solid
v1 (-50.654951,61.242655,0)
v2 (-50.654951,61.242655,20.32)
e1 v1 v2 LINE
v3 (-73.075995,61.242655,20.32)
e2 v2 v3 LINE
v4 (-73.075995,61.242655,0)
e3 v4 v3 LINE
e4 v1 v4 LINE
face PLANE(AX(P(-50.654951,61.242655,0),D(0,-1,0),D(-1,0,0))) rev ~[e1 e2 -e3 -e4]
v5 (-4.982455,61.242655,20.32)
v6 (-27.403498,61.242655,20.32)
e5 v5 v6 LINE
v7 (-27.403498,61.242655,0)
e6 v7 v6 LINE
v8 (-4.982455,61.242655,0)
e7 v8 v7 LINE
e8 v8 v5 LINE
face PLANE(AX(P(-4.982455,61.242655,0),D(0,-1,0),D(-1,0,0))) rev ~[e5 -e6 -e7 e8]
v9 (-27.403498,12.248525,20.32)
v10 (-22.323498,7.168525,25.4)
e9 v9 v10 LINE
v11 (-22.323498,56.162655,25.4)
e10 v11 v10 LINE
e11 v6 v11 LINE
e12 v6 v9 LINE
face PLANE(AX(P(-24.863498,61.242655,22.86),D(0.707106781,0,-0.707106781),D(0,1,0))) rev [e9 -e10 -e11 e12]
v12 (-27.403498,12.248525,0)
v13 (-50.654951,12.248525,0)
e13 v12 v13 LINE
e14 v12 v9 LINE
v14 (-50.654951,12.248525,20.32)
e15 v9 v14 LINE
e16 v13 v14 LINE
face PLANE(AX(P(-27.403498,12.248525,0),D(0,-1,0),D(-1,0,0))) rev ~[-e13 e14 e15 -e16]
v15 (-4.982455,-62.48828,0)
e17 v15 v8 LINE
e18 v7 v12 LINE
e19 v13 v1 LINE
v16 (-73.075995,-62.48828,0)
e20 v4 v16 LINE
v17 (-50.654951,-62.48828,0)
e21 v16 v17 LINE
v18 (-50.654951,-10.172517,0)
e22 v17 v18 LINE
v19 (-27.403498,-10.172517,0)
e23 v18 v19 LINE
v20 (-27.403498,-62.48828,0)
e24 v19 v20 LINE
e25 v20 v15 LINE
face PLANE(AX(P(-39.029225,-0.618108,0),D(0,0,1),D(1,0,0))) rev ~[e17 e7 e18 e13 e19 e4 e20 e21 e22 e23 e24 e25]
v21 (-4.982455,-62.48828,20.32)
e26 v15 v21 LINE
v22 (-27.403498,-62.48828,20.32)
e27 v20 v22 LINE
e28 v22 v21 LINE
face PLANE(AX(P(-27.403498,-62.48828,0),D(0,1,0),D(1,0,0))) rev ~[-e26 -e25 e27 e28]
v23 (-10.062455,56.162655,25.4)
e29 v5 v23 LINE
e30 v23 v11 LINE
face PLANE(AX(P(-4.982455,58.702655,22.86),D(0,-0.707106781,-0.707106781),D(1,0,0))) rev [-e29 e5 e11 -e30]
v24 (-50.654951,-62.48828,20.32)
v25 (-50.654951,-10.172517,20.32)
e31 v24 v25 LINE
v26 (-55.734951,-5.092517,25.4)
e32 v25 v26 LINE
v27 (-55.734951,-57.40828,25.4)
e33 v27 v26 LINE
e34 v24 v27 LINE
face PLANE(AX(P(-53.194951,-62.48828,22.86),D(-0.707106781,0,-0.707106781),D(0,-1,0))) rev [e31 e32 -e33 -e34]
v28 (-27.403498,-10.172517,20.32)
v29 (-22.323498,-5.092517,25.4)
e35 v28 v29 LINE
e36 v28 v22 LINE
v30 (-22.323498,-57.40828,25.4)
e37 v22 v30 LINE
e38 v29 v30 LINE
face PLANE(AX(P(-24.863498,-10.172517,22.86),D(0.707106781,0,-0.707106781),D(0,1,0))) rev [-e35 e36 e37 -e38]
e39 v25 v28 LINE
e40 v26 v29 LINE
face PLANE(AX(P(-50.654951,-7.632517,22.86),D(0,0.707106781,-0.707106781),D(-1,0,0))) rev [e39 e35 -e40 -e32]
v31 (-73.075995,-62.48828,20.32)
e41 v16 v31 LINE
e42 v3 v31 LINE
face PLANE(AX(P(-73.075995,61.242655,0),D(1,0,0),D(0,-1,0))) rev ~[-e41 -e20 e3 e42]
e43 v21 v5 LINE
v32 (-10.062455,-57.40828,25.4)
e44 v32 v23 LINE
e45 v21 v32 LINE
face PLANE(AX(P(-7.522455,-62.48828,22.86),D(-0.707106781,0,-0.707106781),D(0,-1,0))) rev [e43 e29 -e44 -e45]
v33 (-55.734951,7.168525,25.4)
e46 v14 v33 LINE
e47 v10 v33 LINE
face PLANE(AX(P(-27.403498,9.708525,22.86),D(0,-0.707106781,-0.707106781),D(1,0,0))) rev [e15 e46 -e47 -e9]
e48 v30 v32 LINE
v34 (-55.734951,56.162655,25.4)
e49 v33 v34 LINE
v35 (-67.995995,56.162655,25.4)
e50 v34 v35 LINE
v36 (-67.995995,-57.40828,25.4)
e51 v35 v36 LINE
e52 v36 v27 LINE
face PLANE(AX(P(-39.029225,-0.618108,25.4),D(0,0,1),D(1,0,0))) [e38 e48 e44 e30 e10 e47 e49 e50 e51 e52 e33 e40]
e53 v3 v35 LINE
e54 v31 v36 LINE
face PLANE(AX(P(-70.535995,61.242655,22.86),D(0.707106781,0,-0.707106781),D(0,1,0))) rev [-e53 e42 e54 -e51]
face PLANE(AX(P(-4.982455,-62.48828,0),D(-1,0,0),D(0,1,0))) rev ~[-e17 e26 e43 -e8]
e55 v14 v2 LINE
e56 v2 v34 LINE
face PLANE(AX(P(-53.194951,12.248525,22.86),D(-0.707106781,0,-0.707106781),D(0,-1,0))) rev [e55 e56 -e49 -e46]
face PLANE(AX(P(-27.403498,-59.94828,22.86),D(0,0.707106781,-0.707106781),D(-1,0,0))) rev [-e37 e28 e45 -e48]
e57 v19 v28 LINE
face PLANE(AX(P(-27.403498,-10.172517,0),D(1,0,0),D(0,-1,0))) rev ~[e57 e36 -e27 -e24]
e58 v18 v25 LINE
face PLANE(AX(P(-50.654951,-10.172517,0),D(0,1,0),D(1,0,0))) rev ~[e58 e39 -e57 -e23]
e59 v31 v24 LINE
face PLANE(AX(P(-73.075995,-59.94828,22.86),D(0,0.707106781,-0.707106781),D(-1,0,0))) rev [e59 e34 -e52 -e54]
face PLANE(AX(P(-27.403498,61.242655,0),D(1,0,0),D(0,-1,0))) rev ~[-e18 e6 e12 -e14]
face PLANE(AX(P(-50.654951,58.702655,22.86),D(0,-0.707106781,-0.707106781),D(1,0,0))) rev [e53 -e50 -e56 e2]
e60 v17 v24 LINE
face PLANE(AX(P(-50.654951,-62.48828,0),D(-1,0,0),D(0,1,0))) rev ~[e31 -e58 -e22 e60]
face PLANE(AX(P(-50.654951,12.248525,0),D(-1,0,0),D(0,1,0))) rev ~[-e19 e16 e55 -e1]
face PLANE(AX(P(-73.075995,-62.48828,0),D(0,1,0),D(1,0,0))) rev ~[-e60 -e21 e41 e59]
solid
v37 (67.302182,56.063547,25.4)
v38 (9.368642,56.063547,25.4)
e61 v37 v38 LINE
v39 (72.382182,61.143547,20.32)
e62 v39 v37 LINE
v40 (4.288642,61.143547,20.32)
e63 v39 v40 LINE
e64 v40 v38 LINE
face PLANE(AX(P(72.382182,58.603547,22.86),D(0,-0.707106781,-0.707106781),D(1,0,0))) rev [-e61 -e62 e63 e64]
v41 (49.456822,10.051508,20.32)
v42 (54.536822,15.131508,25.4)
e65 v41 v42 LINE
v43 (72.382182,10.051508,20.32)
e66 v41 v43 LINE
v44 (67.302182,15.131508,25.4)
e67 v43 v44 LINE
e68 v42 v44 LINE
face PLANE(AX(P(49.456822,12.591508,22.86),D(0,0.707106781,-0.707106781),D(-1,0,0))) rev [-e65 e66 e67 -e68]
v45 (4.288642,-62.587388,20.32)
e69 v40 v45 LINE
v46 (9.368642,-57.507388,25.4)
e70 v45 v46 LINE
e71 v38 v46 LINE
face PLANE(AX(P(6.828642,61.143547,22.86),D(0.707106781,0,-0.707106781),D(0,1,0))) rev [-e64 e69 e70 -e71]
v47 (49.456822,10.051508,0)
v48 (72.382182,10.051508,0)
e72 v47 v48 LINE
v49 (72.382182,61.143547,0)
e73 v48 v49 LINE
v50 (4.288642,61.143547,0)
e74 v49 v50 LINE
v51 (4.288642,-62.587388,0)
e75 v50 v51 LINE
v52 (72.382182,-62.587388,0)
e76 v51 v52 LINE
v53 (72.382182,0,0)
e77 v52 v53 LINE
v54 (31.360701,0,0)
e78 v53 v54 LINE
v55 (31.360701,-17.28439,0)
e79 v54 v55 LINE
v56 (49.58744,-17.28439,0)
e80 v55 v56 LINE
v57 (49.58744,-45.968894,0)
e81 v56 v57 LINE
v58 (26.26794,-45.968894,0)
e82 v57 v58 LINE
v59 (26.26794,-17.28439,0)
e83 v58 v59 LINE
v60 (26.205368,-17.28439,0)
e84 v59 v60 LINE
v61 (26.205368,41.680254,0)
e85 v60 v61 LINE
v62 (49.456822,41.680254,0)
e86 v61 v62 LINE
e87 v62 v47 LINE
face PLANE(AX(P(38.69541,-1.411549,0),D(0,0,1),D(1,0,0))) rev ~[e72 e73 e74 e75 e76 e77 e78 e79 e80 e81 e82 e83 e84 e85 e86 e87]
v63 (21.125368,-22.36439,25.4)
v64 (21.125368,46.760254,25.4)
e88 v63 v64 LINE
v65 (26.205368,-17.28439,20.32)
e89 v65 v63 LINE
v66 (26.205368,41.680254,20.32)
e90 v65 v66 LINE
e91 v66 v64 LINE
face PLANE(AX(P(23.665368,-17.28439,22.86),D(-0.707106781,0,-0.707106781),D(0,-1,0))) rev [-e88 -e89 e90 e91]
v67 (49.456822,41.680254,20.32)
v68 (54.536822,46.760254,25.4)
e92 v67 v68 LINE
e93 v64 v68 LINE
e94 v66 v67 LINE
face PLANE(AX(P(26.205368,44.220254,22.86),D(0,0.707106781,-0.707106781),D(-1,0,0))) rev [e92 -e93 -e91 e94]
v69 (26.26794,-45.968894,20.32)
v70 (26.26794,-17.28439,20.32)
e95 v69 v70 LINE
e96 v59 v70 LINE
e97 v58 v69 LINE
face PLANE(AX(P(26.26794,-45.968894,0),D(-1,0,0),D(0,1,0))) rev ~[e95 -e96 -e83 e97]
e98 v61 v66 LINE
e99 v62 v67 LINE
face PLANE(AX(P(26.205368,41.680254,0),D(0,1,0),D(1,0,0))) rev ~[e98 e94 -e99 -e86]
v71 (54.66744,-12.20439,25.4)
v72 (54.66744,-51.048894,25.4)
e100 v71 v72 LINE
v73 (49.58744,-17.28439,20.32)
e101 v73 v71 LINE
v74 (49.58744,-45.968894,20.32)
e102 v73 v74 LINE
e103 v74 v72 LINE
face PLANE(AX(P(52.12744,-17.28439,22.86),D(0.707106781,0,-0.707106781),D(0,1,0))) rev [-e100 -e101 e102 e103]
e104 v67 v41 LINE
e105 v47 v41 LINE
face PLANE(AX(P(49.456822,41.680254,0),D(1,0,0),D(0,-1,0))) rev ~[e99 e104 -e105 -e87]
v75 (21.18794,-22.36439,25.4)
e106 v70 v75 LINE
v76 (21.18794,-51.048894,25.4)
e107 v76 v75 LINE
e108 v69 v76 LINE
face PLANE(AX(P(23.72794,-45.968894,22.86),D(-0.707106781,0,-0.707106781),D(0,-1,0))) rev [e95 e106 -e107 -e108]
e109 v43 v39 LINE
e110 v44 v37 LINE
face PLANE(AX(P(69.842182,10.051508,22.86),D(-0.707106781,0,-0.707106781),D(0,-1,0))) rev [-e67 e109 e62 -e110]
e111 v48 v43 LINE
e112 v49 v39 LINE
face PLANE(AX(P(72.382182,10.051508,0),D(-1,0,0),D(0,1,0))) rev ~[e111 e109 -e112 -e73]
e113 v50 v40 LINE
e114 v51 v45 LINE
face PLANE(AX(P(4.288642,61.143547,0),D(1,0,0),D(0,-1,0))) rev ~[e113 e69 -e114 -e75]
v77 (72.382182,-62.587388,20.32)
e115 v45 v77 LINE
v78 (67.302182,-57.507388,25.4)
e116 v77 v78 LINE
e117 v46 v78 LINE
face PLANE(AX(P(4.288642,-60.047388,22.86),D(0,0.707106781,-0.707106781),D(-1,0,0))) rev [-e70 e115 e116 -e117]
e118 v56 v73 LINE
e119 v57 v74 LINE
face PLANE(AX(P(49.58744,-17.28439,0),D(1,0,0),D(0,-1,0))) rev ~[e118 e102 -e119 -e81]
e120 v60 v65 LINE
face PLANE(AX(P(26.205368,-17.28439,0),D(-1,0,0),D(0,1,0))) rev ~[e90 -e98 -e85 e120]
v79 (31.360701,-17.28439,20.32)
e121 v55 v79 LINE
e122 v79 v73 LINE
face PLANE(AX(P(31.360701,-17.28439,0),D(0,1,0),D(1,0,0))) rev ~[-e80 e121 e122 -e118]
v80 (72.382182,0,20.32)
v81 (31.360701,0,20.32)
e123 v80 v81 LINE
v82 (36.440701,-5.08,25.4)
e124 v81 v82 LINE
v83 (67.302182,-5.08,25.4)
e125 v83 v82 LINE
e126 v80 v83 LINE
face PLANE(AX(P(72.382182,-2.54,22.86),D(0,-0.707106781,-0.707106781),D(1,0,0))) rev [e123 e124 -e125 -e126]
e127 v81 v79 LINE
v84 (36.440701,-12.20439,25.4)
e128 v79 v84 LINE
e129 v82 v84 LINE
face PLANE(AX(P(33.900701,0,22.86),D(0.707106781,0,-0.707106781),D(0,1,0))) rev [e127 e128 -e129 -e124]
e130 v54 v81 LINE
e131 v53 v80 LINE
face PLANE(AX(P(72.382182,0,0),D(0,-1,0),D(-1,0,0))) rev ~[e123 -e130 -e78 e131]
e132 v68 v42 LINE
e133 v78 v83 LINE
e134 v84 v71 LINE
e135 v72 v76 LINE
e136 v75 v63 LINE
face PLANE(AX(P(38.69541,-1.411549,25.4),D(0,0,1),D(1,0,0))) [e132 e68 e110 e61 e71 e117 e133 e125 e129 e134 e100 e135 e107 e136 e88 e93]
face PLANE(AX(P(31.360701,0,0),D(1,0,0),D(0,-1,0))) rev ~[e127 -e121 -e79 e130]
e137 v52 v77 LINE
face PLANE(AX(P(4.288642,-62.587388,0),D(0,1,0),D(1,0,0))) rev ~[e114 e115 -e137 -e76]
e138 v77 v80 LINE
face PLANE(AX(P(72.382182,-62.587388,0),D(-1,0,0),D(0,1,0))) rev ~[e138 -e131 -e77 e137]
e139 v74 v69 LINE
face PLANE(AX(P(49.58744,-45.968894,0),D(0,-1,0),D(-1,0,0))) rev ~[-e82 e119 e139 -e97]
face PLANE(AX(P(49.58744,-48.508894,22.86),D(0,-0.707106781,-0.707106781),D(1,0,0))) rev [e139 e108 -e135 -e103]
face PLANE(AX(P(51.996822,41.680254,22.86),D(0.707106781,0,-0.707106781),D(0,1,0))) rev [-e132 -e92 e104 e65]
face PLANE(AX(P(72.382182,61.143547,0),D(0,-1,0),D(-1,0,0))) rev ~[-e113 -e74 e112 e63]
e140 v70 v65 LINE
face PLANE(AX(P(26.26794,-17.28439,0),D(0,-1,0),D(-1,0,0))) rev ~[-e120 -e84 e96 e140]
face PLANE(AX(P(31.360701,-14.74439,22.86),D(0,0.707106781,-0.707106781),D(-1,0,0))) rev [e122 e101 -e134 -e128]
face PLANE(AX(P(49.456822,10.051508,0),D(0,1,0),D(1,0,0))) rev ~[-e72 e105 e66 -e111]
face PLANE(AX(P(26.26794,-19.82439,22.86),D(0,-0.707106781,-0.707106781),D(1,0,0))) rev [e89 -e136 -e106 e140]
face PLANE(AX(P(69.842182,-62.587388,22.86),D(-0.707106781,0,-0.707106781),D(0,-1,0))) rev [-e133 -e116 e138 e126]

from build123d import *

# Parameters (mm, degrees)
F1_DEPTH  = 25.4
F2_DEPTH  = 25.4
F3_SIZE   = 5.08
F3_2_SIZE = 5.08


with BuildPart() as f1:
    # F0 (on Top) → F1 (new body)
    with BuildSketch(Plane.XY):
        Polygon((-50.654951, 61.242655), (-73.075995, 61.242655), (-73.075995, -62.48828), (-50.654951, -62.48828), (-50.654951, -10.172517), (-27.403498, -10.172517), (-27.403498, -62.48828), (-4.982455, -62.48828), (-4.982455, 61.242655), (-27.403498, 61.242655), (-27.403498, 12.248525), (-50.654951, 12.248525), align=None)
    extrude(amount=F1_DEPTH)

    # F3
    f3_edges = [f1.edges().sort_by_distance(p)[0] for p in [
        (-61.865473, 61.242655, 25.4),
        (-73.075995, -0.622813, 25.4),
        (-61.865473, -62.48828, 25.4),
        (-50.654951, -36.330399, 25.4),
        (-39.029225, -10.172517, 25.4),
        (-27.403498, -36.330399, 25.4),
        (-16.192977, -62.48828, 25.4),
        (-4.982455, -0.622813, 25.4),
        (-16.192977, 61.242655, 25.4),
        (-27.403498, 36.74559, 25.4),
        (-39.029225, 12.248525, 25.4),
        (-50.654951, 36.74559, 25.4),
    ]]
    chamfer(f3_edges, length=F3_SIZE)


with BuildPart() as f2:
    # F0 (on Top) → F2 (new body)
    with BuildSketch(Plane.XY):
        Polygon((72.382182, 61.143547), (4.288642, 61.143547), (4.288642, -62.587388), (72.382182, -62.587388), (72.382182, 0), (49.456822, 0), (31.360701, 0), (31.360701, -17.28439), (49.58744, -17.28439), (49.58744, -45.968894), (26.26794, -45.968894), (26.26794, -17.28439), (26.205368, -17.28439), (26.205368, 0), (26.205368, 41.680254), (49.456822, 41.680254), (49.456822, 10.051508), (72.382182, 10.051508), align=None)
    extrude(amount=F2_DEPTH)

    # F3#2
    f3_2_edges = [f2.edges().sort_by_distance(p)[0] for p in [
        (49.456822, 25.865881, 25.4),
        (60.919502, 10.051508, 25.4),
        (72.382182, 35.597527, 25.4),
        (38.335412, 61.143547, 25.4),
        (4.288642, -0.72192, 25.4),
        (38.335412, -62.587388, 25.4),
        (72.382182, -31.293694, 25.4),
        (51.871441, 0, 25.4),
        (31.360701, -8.642195, 25.4),
        (40.47407, -17.28439, 25.4),
        (49.58744, -31.626642, 25.4),
        (37.92769, -45.968894, 25.4),
        (26.26794, -31.626642, 25.4),
        (26.236654, -17.28439, 25.4),
        (26.205368, 12.197932, 25.4),
        (37.831095, 41.680254, 25.4),
    ]]
    chamfer(f3_2_edges, length=F3_2_SIZE)


solid = Compound([f1.part, f2.part])
